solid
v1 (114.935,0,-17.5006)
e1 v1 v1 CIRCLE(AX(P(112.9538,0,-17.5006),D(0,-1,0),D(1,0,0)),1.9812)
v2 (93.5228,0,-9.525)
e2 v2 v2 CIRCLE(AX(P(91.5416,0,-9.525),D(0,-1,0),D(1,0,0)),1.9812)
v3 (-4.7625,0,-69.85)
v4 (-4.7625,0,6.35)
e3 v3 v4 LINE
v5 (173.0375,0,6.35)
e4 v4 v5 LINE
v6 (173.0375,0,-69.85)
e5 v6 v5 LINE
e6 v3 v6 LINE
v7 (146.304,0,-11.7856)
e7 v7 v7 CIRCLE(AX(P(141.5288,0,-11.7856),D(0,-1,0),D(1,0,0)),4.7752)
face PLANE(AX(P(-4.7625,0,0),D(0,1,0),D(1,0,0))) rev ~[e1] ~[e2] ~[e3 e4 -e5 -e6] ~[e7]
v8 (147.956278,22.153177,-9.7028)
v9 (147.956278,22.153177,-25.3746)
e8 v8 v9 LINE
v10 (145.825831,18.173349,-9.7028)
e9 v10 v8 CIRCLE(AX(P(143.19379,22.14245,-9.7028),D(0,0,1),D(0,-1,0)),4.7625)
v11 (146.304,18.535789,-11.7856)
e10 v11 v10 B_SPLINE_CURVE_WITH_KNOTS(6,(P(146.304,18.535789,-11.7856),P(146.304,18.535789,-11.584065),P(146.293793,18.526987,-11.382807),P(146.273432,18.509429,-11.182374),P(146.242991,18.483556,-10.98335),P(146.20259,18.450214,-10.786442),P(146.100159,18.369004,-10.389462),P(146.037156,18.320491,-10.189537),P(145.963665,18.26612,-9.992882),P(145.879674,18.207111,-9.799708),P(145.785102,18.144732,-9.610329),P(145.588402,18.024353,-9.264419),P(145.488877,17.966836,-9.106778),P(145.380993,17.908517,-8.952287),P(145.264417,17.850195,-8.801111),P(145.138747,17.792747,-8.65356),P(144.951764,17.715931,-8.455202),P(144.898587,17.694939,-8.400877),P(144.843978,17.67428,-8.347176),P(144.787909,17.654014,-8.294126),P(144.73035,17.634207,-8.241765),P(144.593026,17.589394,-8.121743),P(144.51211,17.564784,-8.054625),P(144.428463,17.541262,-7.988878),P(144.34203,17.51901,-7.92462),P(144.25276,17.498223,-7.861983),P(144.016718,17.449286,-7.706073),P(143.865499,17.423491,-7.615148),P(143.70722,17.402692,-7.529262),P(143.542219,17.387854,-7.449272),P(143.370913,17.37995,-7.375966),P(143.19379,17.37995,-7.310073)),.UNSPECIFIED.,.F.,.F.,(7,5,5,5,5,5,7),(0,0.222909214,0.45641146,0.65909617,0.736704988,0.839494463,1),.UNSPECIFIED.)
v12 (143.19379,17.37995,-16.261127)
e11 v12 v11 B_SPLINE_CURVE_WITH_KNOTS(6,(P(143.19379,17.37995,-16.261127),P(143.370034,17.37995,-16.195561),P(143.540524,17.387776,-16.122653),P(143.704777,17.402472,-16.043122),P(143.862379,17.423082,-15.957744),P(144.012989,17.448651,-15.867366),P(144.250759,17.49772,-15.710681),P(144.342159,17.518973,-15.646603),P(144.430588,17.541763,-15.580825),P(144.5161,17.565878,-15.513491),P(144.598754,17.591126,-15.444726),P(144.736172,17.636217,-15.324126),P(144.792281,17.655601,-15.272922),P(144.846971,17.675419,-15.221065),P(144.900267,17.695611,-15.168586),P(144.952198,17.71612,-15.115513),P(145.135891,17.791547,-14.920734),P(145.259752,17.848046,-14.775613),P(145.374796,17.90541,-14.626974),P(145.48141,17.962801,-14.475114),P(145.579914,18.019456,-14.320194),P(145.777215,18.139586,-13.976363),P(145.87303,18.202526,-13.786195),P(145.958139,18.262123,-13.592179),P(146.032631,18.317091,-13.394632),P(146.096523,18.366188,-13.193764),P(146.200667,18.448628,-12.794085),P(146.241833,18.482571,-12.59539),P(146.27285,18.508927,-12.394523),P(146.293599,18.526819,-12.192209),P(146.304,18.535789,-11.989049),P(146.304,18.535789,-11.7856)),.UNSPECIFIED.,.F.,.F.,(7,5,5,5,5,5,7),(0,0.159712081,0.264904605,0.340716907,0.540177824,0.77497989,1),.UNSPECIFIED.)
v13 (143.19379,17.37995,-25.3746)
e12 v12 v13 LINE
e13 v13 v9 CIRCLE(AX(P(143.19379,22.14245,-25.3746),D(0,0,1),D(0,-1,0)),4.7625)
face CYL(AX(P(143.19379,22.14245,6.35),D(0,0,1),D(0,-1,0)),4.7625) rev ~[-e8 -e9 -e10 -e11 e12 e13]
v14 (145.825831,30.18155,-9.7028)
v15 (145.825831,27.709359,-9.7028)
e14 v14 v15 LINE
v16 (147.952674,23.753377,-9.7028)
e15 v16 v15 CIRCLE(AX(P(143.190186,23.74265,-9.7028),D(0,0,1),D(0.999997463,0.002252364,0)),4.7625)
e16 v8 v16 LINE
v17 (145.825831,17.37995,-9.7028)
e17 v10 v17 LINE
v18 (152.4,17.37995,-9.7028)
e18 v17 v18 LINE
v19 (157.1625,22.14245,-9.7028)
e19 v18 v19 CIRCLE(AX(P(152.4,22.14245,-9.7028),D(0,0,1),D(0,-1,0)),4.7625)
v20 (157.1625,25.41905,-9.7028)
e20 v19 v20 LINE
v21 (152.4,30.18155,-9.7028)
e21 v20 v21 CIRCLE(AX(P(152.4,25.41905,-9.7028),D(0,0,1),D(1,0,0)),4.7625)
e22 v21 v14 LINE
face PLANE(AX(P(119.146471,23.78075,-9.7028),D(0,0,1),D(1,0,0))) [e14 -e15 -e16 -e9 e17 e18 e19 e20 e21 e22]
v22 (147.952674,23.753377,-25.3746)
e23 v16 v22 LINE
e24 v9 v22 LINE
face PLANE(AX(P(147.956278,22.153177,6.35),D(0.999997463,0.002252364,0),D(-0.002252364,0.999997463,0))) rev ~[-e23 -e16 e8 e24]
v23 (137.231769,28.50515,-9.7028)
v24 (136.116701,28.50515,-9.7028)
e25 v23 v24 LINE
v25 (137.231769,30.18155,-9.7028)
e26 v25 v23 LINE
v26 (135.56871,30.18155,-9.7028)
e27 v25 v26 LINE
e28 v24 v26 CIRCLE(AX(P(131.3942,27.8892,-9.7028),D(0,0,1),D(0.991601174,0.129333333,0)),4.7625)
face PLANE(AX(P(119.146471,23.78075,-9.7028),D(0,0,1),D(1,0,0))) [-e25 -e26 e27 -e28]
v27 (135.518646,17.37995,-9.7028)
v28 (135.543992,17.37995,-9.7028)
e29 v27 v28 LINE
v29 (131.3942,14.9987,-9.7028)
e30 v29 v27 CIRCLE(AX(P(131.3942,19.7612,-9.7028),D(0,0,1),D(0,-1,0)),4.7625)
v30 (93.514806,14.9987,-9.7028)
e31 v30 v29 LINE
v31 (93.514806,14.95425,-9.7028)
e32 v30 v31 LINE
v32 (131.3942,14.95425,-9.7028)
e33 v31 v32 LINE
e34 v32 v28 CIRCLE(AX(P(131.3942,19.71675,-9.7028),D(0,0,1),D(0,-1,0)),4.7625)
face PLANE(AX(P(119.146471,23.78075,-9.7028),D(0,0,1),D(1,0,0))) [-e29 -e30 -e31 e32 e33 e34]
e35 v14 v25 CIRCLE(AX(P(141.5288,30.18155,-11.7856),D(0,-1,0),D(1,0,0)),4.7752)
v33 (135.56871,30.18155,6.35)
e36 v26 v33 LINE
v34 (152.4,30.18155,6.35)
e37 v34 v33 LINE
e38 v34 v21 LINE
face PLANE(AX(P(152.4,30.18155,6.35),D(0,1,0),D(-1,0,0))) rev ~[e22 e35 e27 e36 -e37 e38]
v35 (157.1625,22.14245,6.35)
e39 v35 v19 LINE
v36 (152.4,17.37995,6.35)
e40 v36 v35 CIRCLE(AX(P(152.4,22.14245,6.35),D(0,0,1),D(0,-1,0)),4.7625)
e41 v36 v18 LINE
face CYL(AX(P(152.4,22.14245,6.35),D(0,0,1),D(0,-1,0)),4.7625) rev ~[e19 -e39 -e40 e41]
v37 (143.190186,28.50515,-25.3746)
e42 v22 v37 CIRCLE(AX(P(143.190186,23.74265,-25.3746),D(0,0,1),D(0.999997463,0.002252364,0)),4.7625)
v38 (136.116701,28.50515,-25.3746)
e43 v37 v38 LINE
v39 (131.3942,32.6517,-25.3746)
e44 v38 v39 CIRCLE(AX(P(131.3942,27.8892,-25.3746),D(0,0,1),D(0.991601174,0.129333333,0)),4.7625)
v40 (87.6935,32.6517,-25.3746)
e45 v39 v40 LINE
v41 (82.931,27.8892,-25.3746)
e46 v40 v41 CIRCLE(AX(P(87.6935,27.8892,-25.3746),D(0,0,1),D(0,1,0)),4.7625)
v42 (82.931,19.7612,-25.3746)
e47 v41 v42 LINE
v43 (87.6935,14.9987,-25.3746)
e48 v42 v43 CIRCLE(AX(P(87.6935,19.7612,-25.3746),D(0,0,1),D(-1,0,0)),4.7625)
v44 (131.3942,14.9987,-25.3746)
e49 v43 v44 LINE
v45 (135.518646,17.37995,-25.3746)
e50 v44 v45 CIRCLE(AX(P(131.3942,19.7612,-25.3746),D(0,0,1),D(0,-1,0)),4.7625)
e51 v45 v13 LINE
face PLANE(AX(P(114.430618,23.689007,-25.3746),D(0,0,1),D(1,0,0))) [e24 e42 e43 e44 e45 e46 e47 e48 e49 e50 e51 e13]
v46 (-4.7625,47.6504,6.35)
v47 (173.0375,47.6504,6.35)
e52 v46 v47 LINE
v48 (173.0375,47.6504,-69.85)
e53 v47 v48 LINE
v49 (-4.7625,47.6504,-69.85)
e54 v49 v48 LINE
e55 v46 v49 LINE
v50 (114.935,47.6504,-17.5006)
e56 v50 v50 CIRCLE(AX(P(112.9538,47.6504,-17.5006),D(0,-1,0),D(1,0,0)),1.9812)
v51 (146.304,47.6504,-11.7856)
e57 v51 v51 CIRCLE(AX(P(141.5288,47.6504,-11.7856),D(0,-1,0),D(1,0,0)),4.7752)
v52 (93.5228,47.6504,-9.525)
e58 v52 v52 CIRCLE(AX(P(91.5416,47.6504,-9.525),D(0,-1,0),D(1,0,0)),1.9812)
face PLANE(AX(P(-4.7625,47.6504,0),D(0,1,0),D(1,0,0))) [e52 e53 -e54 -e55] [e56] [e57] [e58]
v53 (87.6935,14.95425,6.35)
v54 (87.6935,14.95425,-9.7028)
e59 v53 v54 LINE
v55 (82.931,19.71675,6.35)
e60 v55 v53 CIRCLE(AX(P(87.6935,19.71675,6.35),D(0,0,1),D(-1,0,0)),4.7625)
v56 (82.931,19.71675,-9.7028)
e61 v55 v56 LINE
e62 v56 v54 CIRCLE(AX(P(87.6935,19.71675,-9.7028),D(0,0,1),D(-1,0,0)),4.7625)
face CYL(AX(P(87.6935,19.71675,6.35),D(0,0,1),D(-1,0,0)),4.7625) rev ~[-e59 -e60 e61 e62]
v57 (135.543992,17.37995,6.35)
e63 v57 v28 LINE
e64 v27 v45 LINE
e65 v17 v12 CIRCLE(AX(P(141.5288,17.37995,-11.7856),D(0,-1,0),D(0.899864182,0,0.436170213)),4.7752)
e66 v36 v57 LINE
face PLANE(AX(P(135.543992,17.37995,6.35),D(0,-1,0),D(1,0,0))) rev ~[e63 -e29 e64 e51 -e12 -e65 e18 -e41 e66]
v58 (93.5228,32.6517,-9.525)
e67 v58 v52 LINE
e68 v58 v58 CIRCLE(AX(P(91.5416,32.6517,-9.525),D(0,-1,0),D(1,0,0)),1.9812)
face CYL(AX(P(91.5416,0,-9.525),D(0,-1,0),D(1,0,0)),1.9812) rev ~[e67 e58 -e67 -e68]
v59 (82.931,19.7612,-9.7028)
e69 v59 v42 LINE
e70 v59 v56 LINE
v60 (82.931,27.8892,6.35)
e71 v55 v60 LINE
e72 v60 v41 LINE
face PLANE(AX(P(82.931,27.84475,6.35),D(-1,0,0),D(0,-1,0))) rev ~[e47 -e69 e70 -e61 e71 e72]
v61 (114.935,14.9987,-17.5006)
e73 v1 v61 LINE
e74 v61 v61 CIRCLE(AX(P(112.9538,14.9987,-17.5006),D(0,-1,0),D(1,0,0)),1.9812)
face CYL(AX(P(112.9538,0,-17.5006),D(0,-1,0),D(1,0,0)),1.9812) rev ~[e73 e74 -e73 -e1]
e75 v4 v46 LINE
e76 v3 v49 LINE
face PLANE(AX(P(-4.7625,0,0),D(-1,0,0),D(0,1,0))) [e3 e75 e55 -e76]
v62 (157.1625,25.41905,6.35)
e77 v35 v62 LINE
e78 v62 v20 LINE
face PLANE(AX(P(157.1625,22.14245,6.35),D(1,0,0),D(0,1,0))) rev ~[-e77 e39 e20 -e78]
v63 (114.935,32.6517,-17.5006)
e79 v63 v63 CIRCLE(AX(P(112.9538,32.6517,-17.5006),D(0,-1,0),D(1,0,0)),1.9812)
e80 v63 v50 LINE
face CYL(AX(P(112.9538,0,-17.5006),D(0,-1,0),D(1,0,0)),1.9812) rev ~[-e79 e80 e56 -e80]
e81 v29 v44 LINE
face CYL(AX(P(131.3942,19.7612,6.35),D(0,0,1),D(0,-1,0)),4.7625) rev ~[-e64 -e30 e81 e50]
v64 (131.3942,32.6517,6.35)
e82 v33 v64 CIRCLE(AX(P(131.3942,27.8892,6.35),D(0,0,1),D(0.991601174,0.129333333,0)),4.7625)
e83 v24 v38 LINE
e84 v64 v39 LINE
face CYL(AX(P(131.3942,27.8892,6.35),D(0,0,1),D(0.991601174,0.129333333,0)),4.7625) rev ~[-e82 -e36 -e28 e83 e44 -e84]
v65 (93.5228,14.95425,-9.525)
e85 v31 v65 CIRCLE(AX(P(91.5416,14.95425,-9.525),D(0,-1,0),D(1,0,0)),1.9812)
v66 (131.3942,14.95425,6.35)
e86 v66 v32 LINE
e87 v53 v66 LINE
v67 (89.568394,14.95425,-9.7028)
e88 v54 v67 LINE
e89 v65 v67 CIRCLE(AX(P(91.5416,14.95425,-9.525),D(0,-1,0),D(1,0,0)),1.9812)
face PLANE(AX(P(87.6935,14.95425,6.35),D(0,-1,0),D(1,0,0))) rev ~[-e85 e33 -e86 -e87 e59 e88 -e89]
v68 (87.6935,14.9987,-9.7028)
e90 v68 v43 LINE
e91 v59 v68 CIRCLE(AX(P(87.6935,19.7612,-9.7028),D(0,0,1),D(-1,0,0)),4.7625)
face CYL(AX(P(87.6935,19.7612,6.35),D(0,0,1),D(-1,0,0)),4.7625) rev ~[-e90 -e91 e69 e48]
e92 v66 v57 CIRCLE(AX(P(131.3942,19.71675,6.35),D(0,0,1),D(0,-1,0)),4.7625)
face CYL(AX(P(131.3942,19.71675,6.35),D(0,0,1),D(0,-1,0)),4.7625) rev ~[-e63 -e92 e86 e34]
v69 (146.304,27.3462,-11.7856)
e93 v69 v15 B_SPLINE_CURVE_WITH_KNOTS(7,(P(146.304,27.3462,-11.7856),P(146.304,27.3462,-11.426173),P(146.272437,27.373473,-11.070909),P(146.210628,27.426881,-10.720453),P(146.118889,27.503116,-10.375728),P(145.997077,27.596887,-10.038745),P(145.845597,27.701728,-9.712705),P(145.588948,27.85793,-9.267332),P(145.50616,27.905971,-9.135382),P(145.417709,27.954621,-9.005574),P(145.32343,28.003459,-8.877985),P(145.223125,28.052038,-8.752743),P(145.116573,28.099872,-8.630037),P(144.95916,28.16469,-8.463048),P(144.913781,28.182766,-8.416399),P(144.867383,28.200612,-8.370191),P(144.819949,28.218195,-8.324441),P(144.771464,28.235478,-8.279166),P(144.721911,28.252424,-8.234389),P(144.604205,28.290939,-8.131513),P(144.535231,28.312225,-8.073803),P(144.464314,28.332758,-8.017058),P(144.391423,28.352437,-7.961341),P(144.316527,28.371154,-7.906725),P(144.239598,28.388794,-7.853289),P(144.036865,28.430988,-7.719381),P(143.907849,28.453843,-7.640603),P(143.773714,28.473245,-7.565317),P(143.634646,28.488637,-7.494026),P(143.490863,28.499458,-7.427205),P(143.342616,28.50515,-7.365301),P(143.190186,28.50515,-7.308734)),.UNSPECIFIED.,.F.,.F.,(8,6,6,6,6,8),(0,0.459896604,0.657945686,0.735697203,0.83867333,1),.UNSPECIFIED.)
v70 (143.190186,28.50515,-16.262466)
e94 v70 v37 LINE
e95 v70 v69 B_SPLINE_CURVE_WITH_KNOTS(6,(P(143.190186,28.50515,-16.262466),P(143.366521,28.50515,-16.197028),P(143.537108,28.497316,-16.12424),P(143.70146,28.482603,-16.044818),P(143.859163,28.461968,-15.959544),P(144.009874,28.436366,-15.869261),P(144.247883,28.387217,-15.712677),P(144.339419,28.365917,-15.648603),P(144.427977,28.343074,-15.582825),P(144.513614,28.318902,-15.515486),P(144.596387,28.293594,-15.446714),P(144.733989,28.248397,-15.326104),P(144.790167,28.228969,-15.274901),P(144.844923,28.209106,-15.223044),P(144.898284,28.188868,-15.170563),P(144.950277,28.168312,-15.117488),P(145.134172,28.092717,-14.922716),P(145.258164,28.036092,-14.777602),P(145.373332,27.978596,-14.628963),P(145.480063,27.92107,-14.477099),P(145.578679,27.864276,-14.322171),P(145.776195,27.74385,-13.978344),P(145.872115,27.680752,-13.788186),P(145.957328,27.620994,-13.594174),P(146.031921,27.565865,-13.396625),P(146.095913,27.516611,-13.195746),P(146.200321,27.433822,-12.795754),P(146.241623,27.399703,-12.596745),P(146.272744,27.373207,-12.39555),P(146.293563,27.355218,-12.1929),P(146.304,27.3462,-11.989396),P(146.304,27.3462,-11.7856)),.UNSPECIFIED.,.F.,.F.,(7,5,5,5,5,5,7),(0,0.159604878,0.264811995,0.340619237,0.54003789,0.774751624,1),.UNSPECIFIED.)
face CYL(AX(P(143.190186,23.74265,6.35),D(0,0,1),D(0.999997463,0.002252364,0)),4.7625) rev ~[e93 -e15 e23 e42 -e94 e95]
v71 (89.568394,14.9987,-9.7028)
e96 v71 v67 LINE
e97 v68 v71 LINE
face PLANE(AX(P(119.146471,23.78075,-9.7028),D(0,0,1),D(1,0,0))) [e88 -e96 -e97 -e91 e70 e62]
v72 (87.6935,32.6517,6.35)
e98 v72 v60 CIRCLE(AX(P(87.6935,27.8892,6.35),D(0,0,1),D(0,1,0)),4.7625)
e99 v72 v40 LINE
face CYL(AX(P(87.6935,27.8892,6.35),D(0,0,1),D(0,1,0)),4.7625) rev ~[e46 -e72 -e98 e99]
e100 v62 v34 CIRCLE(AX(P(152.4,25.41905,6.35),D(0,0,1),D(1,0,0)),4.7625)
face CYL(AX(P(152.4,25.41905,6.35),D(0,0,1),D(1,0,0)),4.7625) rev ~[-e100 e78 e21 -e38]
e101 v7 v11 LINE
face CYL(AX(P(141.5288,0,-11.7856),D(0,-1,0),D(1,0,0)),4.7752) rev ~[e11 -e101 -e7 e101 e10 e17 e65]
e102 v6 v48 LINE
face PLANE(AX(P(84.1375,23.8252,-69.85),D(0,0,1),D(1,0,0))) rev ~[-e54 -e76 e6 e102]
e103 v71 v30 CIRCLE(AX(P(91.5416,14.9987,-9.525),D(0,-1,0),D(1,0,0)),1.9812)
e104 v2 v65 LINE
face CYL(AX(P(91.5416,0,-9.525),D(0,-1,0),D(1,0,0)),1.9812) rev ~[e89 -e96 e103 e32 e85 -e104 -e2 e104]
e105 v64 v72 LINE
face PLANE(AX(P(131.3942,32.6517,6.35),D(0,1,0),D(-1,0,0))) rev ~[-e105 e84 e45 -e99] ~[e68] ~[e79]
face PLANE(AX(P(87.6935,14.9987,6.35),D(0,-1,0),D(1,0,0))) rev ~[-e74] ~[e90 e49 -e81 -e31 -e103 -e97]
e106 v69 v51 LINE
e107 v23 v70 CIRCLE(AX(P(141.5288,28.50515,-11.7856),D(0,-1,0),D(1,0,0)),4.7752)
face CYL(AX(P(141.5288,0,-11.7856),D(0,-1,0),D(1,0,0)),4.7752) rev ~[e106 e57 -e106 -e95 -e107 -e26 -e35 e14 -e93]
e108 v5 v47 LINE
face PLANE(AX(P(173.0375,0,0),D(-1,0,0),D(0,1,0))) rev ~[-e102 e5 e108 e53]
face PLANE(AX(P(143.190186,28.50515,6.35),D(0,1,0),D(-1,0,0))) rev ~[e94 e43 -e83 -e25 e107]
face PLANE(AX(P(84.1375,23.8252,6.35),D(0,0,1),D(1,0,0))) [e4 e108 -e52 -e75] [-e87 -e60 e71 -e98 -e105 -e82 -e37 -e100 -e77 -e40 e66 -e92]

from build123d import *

# Parameters (mm, degrees)
F0_W          = 177.8
F0_H          = 47.6504
F1_DEPTH      = 69.85
F1_DEPTH_BACK = 6.35
F2_R          = 4.7752
F2_R_2        = 1.9812
F3_DEPTH      = 47.6514
F5_DEPTH      = 16.0528
F7_DEPTH      = 31.7246


with BuildPart() as f1:
    # F0 (on Top) → F1 (new body, two sides)
    with BuildSketch(Plane.XY) as f1_sk:
        with Locations((84.1375, 23.8252)):
            Rectangle(F0_W, F0_H)
    extrude(amount=-F1_DEPTH)
    extrude(f1_sk.sketch, amount=F1_DEPTH_BACK)

    # F2 (on Front) → F3 (cut, through all)
    with BuildSketch(Plane.XZ):
        with Locations((141.5288, -11.7856)):
            Circle(F2_R)
        with Locations((112.9538, -17.5006)):
            Circle(F2_R_2)
        with Locations((91.5416, -9.525)):
            Circle(F2_R_2)
    extrude(amount=-F3_DEPTH, mode=Mode.SUBTRACT)

    # F4 (on face) → F5 (cut)
    with BuildSketch(Plane.XY.offset(6.35)):
        with BuildLine():
            Line((131.3942, 32.60725), (87.6935, 32.60725))
            ThreePointArc((87.6935, 32.60725), (84.3259039546, 31.2123460454), (82.931, 27.84475))
            Line((82.931, 27.84475), (82.931, 19.71675))
            ThreePointArc((82.931, 19.71675), (84.3259039546, 16.3491539546), (87.6935, 14.95425))
            Line((87.6935, 14.95425), (131.3942, 14.95425))
            ThreePointArc((131.3942, 14.95425), (133.7975722402, 15.6051556468), (135.5439918032, 17.37995))
            Line((135.5439918032, 17.37995), (152.4, 17.37995))
            ThreePointArc((152.4, 17.37995), (155.7675960454, 18.7748539546), (157.1625, 22.14245))
            Line((157.1625, 22.14245), (157.1625, 25.41905))
            ThreePointArc((157.1625, 25.41905), (155.7675960454, 28.7866460454), (152.4, 30.18155))
            Line((152.4, 30.18155), (135.5439918032, 30.18155))
            ThreePointArc((135.5439918032, 30.18155), (133.7975722402, 31.9563443532), (131.3942, 32.60725))
        make_face()
    extrude(amount=-F5_DEPTH, mode=Mode.SUBTRACT)

    # F6 (on face) → F7 (cut)
    with BuildSketch(Plane.XY.offset(6.35)):
        with BuildLine():
            Line((143.1901861236, 28.50515), (136.1167005926, 28.50515))
            ThreePointArc((136.1167005926, 28.50515), (134.5364877315, 31.467947555), (131.3942, 32.6517))
            Line((131.3942, 32.6517), (87.6935, 32.6517))
            ThreePointArc((87.6935, 32.6517), (84.3259039546, 31.2567960454), (82.931, 27.8892))
            Line((82.931, 27.8892), (82.931, 19.7612))
            ThreePointArc((82.931, 19.7612), (84.3259039546, 16.3936039546), (87.6935, 14.9987))
            Line((87.6935, 14.9987), (131.3942, 14.9987))
            ThreePointArc((131.3942, 14.9987), (133.77545, 15.6367540145), (135.5186459855, 17.37995))
            Line((135.5186459855, 17.37995), (143.1937903656, 17.37995))
            ThreePointArc((143.1937903656, 17.37995), (146.5651768038, 18.7786486185), (147.9562782851, 22.1531768833))
            Line((147.9562782851, 22.1531768833), (147.9526740432, 23.7533768833))
            ThreePointArc((147.9526740432, 23.7533768833), (146.5539875051, 27.1140364382), (143.1901861236, 28.50515))
        make_face()
    extrude(amount=-F7_DEPTH, mode=Mode.SUBTRACT)


solid = f1.part
